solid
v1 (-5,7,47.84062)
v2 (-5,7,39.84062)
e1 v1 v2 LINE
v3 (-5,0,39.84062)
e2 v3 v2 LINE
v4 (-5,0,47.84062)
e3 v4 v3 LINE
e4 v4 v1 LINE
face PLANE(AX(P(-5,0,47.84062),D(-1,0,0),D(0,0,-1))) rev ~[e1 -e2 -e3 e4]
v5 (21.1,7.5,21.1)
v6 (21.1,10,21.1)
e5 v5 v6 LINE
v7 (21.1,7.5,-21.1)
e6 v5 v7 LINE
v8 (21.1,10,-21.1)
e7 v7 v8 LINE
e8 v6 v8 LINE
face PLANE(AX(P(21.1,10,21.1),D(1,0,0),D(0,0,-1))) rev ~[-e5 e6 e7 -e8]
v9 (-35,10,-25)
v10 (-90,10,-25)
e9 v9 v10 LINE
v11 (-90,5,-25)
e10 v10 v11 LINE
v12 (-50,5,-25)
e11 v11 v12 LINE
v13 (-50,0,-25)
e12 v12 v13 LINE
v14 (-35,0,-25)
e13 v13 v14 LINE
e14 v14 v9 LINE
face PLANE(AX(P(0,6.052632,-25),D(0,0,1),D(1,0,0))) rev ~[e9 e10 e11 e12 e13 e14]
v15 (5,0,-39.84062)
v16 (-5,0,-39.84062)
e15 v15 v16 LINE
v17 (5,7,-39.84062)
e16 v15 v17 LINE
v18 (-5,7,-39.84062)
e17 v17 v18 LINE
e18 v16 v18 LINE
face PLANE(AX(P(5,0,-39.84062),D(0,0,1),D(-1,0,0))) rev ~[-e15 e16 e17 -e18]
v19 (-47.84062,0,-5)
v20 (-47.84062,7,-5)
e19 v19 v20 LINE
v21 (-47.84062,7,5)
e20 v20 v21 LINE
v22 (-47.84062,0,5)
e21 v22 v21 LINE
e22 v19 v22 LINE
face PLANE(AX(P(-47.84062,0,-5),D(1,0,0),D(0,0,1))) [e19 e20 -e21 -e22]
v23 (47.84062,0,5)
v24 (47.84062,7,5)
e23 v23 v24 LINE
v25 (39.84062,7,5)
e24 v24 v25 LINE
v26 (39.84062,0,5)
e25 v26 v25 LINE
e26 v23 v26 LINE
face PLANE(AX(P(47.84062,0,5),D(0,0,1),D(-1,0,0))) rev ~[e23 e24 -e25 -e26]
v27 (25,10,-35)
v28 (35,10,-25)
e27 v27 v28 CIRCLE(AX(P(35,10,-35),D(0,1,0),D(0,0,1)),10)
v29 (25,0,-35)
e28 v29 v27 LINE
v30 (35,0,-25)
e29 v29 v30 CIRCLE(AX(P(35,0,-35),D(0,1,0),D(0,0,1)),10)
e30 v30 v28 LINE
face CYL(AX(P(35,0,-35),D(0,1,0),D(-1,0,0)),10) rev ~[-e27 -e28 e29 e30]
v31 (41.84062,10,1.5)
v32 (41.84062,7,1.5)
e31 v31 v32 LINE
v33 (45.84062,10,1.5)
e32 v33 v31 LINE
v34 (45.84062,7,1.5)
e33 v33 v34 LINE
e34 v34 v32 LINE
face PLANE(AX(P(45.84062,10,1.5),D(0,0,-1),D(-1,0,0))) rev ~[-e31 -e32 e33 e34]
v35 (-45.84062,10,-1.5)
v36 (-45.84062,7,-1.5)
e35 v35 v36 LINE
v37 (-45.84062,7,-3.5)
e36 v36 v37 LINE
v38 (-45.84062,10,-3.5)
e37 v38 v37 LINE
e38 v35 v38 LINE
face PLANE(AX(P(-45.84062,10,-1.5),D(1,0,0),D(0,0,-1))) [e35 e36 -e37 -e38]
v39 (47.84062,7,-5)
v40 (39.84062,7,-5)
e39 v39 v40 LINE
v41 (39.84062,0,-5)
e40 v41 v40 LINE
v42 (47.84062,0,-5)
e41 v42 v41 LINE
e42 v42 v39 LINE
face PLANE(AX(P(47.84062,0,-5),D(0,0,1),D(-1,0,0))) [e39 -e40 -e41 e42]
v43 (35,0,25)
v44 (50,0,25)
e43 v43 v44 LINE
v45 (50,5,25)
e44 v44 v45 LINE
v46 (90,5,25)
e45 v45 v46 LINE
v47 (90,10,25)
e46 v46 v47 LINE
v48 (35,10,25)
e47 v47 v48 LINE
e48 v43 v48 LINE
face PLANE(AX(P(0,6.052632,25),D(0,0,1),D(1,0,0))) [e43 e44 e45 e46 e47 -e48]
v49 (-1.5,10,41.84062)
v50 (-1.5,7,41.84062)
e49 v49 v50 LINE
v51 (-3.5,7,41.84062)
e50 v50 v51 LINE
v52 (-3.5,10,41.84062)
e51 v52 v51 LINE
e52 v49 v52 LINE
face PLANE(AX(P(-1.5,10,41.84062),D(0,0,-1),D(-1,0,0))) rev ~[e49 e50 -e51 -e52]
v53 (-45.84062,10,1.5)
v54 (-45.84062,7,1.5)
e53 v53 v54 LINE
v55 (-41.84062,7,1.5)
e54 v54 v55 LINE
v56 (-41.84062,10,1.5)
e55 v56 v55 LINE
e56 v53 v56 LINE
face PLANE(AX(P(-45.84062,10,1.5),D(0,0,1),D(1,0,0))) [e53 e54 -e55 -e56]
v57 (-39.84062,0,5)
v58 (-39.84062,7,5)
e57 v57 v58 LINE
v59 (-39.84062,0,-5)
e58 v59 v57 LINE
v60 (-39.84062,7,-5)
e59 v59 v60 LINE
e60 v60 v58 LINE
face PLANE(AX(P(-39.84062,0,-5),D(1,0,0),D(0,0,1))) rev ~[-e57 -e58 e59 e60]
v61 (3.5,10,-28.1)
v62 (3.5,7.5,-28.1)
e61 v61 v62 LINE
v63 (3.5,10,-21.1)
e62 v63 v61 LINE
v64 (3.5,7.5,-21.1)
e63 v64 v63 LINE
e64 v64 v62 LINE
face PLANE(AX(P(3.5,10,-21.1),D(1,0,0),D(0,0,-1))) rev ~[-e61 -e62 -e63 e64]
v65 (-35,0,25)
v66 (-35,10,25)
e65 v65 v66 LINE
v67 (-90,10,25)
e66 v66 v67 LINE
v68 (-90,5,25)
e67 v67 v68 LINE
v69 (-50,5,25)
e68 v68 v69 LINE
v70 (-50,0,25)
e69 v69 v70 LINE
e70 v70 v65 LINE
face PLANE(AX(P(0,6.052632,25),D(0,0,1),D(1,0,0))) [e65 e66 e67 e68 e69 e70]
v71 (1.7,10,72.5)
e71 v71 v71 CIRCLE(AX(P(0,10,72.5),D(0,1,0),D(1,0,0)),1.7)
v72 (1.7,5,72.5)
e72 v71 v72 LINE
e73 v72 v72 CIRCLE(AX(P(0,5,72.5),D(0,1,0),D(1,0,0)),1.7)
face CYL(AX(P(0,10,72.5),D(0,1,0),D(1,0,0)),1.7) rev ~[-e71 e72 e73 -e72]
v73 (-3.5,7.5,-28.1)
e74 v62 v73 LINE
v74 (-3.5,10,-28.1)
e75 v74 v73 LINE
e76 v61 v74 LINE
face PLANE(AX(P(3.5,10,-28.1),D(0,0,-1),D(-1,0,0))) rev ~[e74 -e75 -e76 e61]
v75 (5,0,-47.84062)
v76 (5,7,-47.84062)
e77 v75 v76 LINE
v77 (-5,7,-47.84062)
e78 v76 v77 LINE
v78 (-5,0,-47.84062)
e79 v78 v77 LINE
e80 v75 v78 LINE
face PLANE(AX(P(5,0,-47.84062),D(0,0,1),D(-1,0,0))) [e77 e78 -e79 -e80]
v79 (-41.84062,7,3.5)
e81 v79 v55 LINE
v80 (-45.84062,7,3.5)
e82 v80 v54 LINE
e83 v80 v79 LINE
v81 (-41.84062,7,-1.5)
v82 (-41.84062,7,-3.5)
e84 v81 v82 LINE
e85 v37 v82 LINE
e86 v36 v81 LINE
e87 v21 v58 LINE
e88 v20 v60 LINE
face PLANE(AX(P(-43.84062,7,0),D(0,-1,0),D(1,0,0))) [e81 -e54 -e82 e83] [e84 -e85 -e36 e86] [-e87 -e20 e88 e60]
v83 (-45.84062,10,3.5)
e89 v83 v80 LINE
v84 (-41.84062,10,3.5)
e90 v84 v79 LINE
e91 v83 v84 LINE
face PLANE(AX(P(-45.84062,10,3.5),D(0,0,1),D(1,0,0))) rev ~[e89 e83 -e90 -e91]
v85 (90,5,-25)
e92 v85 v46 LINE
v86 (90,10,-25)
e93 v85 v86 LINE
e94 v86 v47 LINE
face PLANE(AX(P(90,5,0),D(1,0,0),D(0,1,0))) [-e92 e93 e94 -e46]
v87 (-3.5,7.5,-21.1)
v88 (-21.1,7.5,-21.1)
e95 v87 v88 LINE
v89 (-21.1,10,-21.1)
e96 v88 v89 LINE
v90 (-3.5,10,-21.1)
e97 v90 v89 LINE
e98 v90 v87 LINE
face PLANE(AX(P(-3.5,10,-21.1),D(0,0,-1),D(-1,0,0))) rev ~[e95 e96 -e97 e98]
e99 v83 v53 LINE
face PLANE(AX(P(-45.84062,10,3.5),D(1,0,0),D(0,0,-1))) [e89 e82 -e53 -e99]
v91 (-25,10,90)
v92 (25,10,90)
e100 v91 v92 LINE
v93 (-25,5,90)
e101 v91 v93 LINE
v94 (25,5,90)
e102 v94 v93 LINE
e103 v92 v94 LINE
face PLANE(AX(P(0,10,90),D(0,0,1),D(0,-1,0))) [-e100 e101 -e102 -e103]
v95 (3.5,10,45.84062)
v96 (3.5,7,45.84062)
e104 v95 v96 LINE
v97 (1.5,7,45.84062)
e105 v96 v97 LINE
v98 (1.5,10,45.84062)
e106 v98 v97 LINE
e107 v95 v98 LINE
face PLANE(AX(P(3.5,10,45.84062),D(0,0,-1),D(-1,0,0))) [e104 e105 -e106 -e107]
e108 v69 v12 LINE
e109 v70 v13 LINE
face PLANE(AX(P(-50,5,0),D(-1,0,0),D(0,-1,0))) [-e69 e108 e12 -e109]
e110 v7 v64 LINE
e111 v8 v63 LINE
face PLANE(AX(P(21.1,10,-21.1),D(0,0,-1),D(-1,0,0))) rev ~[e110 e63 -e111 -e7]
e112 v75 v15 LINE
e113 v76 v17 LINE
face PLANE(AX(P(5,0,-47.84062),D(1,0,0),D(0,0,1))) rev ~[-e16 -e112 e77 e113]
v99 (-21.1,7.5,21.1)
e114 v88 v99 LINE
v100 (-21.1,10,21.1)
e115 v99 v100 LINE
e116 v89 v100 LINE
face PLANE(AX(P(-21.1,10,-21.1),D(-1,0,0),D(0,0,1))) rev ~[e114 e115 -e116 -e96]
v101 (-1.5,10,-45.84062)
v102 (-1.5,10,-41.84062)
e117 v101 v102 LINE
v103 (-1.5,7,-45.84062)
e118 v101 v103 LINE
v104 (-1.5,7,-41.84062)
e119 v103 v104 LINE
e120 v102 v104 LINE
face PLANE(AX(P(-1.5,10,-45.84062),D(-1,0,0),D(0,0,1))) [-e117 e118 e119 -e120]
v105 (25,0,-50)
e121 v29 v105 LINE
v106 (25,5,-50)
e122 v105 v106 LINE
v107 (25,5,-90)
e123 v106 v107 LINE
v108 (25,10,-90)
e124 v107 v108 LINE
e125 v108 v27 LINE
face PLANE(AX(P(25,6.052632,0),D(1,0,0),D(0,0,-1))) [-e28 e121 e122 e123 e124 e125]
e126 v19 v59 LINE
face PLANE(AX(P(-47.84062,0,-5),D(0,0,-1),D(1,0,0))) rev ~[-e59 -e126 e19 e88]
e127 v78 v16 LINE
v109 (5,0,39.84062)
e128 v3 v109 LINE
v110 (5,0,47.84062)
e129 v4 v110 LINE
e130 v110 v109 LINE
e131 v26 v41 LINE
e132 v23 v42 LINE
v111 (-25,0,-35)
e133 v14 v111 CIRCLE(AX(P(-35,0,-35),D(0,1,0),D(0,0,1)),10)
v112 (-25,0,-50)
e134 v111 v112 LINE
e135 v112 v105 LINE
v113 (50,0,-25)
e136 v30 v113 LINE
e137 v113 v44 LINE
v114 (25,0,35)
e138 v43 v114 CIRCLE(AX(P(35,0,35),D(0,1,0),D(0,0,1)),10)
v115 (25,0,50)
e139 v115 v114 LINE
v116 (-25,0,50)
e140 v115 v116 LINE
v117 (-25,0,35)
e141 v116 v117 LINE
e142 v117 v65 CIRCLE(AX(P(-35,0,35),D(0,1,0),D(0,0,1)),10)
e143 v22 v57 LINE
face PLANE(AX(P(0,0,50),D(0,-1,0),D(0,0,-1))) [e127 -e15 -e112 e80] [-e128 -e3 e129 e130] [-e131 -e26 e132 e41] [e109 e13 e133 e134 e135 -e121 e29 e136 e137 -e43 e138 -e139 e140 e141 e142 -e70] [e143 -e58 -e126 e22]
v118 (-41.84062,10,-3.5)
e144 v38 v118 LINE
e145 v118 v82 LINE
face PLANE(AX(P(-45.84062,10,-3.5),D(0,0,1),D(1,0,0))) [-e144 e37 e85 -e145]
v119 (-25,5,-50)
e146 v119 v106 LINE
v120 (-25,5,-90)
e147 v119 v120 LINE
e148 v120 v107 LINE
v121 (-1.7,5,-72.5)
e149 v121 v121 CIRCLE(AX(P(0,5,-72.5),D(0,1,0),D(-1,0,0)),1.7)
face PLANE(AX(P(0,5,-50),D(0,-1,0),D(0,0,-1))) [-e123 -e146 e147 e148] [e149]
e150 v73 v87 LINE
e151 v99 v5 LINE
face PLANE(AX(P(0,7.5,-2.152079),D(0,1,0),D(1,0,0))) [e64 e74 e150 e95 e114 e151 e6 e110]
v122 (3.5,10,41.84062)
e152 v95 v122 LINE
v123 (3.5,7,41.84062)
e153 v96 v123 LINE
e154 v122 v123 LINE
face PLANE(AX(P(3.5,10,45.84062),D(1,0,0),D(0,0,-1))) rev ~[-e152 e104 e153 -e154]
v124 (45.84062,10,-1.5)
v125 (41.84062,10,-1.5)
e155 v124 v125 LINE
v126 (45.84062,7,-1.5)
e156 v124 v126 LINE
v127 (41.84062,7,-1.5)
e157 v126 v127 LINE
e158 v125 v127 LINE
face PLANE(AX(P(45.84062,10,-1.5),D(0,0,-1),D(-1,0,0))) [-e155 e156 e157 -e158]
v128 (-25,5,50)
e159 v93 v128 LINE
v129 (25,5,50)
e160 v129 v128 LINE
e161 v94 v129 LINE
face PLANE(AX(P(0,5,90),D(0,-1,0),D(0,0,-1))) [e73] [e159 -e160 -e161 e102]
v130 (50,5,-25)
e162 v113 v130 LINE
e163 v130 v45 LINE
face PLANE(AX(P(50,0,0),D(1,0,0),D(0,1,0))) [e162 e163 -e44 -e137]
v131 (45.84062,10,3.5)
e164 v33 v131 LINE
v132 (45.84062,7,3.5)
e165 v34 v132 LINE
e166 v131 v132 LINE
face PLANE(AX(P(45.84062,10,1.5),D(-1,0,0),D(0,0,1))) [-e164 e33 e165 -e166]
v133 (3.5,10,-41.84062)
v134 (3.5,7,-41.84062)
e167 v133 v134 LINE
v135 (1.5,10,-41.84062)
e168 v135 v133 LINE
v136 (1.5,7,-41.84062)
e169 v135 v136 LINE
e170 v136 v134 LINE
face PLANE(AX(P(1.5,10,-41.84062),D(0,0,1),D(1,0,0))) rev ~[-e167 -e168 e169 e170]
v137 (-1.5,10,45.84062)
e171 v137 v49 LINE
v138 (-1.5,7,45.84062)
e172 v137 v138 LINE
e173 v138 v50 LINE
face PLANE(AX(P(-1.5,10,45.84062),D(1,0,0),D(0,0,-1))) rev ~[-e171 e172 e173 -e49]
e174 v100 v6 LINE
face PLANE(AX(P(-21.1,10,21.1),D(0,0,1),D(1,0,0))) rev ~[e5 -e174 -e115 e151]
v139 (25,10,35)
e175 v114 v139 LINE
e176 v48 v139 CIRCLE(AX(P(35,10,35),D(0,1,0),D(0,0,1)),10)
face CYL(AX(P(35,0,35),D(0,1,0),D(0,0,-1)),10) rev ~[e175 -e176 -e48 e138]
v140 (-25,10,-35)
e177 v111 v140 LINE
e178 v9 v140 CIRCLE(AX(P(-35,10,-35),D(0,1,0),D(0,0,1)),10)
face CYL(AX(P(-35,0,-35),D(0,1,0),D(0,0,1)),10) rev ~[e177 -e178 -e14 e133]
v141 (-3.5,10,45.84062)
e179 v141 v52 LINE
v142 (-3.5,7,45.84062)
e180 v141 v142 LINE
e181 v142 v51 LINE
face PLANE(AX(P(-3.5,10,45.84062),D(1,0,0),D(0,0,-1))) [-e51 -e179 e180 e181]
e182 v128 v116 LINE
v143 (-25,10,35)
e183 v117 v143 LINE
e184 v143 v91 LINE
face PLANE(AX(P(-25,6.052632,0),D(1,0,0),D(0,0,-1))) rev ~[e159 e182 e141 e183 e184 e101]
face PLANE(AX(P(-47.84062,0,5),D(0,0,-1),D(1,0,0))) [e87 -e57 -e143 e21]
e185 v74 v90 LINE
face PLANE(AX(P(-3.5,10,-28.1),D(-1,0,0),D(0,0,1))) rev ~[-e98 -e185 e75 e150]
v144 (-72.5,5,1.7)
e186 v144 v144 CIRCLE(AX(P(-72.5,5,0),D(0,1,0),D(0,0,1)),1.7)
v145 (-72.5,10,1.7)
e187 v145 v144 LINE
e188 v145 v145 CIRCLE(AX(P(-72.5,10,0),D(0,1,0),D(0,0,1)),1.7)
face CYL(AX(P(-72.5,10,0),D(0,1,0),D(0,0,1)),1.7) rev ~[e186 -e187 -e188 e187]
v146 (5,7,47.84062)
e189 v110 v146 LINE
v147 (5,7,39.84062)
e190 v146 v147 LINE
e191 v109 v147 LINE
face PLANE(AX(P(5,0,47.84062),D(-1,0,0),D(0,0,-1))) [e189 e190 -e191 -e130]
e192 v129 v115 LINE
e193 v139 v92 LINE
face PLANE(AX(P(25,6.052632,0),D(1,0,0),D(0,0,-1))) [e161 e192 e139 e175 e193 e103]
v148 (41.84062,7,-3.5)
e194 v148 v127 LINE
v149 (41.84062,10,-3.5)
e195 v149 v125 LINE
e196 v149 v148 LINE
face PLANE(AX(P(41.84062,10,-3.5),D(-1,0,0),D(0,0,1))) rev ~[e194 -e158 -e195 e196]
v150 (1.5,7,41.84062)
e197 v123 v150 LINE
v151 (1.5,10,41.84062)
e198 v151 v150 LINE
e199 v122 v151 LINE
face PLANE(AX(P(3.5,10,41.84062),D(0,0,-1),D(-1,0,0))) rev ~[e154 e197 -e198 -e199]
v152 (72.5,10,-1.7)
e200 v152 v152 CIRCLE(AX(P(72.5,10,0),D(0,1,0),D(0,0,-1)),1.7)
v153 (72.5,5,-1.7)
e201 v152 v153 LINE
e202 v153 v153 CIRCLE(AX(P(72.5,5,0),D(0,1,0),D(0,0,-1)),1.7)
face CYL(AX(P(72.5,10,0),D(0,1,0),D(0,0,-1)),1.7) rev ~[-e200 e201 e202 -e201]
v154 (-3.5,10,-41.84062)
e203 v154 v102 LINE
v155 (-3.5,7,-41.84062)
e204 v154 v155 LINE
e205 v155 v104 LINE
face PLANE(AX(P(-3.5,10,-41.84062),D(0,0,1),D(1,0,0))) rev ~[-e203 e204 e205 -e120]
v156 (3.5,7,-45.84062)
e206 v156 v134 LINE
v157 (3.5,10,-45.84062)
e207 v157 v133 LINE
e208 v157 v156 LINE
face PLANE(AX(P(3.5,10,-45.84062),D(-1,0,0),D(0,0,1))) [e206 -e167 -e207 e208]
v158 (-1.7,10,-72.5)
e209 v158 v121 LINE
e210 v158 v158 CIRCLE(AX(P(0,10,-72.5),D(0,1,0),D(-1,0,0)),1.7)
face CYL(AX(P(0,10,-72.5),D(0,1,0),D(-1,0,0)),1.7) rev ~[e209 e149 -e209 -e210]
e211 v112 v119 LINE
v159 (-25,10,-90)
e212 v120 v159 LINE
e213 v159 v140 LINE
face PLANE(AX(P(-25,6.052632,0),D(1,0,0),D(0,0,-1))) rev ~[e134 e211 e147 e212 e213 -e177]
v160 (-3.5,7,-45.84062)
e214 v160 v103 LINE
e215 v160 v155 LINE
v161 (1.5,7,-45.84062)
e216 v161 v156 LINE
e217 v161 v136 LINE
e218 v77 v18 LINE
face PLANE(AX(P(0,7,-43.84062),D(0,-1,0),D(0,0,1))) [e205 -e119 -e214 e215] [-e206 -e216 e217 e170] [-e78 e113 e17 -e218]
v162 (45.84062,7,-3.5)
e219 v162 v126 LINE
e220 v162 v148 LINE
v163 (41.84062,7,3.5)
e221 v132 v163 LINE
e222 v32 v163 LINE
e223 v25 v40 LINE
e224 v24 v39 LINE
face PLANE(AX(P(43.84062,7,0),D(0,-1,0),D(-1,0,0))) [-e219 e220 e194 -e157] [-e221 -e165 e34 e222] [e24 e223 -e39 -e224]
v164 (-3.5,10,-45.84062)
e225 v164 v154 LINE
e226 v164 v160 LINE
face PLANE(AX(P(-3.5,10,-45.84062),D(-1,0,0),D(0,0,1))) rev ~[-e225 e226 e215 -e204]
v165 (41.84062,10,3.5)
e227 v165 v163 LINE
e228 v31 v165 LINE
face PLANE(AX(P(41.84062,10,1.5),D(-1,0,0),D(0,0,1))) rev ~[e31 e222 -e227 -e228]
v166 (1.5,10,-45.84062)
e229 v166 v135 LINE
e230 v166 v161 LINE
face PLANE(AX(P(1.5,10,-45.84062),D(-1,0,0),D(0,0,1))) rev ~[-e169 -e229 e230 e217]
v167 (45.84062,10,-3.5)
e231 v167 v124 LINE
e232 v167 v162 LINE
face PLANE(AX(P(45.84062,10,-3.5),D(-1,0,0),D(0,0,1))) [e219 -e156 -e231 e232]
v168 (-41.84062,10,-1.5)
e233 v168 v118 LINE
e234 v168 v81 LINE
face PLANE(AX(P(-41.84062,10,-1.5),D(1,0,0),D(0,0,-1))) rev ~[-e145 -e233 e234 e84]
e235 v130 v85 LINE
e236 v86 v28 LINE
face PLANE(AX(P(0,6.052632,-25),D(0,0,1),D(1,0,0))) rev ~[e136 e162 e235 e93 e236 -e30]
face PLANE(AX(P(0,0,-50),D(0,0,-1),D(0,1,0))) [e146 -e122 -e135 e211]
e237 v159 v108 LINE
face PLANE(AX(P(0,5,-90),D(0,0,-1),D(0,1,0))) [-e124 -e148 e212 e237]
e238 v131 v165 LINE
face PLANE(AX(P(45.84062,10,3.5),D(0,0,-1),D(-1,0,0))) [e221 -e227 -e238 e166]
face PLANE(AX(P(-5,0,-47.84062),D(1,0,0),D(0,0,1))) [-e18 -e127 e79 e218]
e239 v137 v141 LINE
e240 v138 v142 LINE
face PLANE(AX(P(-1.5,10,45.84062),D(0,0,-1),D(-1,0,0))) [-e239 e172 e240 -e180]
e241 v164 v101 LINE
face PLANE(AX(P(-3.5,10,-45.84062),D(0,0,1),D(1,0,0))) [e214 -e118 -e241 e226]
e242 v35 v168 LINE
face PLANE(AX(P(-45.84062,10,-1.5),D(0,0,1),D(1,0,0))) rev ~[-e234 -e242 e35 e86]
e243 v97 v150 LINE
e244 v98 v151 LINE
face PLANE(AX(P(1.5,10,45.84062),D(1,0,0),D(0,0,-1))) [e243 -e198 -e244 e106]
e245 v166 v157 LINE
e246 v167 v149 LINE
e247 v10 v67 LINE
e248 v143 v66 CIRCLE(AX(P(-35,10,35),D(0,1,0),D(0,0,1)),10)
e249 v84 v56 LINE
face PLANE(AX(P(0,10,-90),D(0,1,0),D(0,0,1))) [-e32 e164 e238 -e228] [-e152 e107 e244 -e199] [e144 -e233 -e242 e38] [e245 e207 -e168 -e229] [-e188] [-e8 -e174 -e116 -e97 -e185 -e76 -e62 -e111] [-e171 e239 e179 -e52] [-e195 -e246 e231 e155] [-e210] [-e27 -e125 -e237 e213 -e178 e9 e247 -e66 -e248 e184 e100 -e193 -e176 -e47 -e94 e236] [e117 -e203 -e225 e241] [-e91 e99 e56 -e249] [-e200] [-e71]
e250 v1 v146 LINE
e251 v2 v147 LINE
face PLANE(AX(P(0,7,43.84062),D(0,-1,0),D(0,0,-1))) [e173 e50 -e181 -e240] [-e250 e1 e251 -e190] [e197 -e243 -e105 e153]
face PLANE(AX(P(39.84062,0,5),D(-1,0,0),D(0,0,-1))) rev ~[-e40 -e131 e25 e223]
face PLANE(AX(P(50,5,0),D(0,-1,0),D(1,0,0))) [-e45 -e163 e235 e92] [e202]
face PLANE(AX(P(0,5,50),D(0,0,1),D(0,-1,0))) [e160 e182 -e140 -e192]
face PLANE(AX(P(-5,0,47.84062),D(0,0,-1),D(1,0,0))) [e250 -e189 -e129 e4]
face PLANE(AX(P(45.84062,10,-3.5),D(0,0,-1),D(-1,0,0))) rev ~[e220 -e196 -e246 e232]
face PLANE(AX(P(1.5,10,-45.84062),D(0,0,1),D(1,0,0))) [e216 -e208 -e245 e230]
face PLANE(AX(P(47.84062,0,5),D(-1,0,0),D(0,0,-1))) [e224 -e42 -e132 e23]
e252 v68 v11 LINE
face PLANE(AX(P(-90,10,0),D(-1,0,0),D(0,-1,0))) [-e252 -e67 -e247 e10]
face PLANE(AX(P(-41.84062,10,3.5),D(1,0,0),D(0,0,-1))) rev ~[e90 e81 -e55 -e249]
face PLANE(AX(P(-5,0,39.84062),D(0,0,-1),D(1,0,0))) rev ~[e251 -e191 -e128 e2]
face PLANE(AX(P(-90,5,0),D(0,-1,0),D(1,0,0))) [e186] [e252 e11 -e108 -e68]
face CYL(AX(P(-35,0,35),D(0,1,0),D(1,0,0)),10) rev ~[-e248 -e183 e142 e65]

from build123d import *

# Parameters (mm, degrees)
BOSS_EXTRUDE2_DEPTH = 25
CIRPATTERN2_COUNT   = 4
CUT_EXTRUDE2_DEPTH  = 2.5
FILLET1_R           = 10
SKETCH8_R           = 1.7
CUT_EXTRUDE3_DEPTH  = 128.671453348
CIRPATTERN3_COUNT   = 4
SKETCH10_W          = 4
SKETCH10_H          = 2
CUT_EXTRUDE4_DEPTH  = 128.671453348
SKETCH11_W          = 8
SKETCH11_H          = 10
CUT_EXTRUDE5_DEPTH  = 7
CIRPATTERN4_COUNT   = 4


with BuildPart() as part:
    # Sketch2 → Boss-Extrude2 (new, symmetric)
    with BuildSketch(Plane.XY):
        Polygon((-50, 0), (50, 0), (50, 5), (90, 5), (90, 10), (-90, 10), (-90, 5), (-50, 5), align=None)
    boss_extrude2 = extrude(amount=BOSS_EXTRUDE2_DEPTH, both=True)

    # CirPattern2: Boss-Extrude2 ×4 about axis
    cirpattern2_axis = Axis((0, 0, 0), (0, 1, 0))
    for i in range(1, CIRPATTERN2_COUNT):
        add(boss_extrude2.rotate(cirpattern2_axis, i * 360 / CIRPATTERN2_COUNT))

    # Sketch4 → Cut-Extrude2 (cut, symmetric)
    with BuildSketch(Plane(origin=(0, 10, 0), x_dir=(1, 0, 0), z_dir=(0, 1, 0))):
        Polygon((-3.5, 21.1), (-21.1, 21.1), (-21.1, -21.1), (21.1, -21.1), (21.1, 21.1), (3.5, 21.1), (3.5, 28.1), (-3.5, 28.1), align=None)
    extrude(amount=CUT_EXTRUDE2_DEPTH, both=True, mode=Mode.SUBTRACT)

    # Fillet1
    fillet1_edges = [part.edges().sort_by_distance(p)[0] for p in [
        (-25, 5, 25),
        (25, 5, -25),
        (25, 5, 25),
        (-25, 5, -25),
    ]]
    fillet(fillet1_edges, radius=FILLET1_R)

    # Sketch8 → Cut-Extrude3 (cut, through all)
    with BuildSketch(Plane(origin=(0, 10, 0), x_dir=(1, 0, 0), z_dir=(0, 1, 0))):
        with Locations(Location((-72.5, 0, 0), (0, 0, 270))):
            Circle(SKETCH8_R)
    cut_extrude3 = extrude(amount=-CUT_EXTRUDE3_DEPTH, mode=Mode.SUBTRACT)

    # CirPattern3: Cut-Extrude3 ×4 about axis
    cirpattern3_axis = Axis((0, 0, 0), (0, 1, 0))
    for i in range(1, CIRPATTERN3_COUNT):
        add(cut_extrude3.rotate(cirpattern3_axis, i * 360 / CIRPATTERN3_COUNT), mode=Mode.SUBTRACT)

    # Sketch10 → Cut-Extrude4 (cut, through all)
    with BuildSketch(Plane(origin=(0, 10, 0), x_dir=(1, 0, 0), z_dir=(0, 1, 0))):
        with Locations((-43.840620434, 2.5)):
            Rectangle(SKETCH10_W, SKETCH10_H)
        with Locations((-43.840620434, -2.5)):
            Rectangle(SKETCH10_W, SKETCH10_H)
    cut_extrude4 = extrude(amount=-CUT_EXTRUDE4_DEPTH, mode=Mode.SUBTRACT)

    # Sketch11 → Cut-Extrude5 (cut)
    with BuildSketch(Plane.XZ):
        with Locations((-43.840620434, 0)):
            Rectangle(SKETCH11_W, SKETCH11_H)
    cut_extrude5 = extrude(amount=-CUT_EXTRUDE5_DEPTH, mode=Mode.SUBTRACT)

    # CirPattern4: Cut-Extrude4, Cut-Extrude5 ×4 about axis
    cirpattern4_axis = Axis((0, 0, 0), (0, 1, 0))
    add([cut_extrude4.rotate(cirpattern4_axis, i * 360 / CIRPATTERN4_COUNT) for i in range(1, CIRPATTERN4_COUNT)], mode=Mode.SUBTRACT)
    add([cut_extrude5.rotate(cirpattern4_axis, i * 360 / CIRPATTERN4_COUNT) for i in range(1, CIRPATTERN4_COUNT)], mode=Mode.SUBTRACT)


solid = part.part
